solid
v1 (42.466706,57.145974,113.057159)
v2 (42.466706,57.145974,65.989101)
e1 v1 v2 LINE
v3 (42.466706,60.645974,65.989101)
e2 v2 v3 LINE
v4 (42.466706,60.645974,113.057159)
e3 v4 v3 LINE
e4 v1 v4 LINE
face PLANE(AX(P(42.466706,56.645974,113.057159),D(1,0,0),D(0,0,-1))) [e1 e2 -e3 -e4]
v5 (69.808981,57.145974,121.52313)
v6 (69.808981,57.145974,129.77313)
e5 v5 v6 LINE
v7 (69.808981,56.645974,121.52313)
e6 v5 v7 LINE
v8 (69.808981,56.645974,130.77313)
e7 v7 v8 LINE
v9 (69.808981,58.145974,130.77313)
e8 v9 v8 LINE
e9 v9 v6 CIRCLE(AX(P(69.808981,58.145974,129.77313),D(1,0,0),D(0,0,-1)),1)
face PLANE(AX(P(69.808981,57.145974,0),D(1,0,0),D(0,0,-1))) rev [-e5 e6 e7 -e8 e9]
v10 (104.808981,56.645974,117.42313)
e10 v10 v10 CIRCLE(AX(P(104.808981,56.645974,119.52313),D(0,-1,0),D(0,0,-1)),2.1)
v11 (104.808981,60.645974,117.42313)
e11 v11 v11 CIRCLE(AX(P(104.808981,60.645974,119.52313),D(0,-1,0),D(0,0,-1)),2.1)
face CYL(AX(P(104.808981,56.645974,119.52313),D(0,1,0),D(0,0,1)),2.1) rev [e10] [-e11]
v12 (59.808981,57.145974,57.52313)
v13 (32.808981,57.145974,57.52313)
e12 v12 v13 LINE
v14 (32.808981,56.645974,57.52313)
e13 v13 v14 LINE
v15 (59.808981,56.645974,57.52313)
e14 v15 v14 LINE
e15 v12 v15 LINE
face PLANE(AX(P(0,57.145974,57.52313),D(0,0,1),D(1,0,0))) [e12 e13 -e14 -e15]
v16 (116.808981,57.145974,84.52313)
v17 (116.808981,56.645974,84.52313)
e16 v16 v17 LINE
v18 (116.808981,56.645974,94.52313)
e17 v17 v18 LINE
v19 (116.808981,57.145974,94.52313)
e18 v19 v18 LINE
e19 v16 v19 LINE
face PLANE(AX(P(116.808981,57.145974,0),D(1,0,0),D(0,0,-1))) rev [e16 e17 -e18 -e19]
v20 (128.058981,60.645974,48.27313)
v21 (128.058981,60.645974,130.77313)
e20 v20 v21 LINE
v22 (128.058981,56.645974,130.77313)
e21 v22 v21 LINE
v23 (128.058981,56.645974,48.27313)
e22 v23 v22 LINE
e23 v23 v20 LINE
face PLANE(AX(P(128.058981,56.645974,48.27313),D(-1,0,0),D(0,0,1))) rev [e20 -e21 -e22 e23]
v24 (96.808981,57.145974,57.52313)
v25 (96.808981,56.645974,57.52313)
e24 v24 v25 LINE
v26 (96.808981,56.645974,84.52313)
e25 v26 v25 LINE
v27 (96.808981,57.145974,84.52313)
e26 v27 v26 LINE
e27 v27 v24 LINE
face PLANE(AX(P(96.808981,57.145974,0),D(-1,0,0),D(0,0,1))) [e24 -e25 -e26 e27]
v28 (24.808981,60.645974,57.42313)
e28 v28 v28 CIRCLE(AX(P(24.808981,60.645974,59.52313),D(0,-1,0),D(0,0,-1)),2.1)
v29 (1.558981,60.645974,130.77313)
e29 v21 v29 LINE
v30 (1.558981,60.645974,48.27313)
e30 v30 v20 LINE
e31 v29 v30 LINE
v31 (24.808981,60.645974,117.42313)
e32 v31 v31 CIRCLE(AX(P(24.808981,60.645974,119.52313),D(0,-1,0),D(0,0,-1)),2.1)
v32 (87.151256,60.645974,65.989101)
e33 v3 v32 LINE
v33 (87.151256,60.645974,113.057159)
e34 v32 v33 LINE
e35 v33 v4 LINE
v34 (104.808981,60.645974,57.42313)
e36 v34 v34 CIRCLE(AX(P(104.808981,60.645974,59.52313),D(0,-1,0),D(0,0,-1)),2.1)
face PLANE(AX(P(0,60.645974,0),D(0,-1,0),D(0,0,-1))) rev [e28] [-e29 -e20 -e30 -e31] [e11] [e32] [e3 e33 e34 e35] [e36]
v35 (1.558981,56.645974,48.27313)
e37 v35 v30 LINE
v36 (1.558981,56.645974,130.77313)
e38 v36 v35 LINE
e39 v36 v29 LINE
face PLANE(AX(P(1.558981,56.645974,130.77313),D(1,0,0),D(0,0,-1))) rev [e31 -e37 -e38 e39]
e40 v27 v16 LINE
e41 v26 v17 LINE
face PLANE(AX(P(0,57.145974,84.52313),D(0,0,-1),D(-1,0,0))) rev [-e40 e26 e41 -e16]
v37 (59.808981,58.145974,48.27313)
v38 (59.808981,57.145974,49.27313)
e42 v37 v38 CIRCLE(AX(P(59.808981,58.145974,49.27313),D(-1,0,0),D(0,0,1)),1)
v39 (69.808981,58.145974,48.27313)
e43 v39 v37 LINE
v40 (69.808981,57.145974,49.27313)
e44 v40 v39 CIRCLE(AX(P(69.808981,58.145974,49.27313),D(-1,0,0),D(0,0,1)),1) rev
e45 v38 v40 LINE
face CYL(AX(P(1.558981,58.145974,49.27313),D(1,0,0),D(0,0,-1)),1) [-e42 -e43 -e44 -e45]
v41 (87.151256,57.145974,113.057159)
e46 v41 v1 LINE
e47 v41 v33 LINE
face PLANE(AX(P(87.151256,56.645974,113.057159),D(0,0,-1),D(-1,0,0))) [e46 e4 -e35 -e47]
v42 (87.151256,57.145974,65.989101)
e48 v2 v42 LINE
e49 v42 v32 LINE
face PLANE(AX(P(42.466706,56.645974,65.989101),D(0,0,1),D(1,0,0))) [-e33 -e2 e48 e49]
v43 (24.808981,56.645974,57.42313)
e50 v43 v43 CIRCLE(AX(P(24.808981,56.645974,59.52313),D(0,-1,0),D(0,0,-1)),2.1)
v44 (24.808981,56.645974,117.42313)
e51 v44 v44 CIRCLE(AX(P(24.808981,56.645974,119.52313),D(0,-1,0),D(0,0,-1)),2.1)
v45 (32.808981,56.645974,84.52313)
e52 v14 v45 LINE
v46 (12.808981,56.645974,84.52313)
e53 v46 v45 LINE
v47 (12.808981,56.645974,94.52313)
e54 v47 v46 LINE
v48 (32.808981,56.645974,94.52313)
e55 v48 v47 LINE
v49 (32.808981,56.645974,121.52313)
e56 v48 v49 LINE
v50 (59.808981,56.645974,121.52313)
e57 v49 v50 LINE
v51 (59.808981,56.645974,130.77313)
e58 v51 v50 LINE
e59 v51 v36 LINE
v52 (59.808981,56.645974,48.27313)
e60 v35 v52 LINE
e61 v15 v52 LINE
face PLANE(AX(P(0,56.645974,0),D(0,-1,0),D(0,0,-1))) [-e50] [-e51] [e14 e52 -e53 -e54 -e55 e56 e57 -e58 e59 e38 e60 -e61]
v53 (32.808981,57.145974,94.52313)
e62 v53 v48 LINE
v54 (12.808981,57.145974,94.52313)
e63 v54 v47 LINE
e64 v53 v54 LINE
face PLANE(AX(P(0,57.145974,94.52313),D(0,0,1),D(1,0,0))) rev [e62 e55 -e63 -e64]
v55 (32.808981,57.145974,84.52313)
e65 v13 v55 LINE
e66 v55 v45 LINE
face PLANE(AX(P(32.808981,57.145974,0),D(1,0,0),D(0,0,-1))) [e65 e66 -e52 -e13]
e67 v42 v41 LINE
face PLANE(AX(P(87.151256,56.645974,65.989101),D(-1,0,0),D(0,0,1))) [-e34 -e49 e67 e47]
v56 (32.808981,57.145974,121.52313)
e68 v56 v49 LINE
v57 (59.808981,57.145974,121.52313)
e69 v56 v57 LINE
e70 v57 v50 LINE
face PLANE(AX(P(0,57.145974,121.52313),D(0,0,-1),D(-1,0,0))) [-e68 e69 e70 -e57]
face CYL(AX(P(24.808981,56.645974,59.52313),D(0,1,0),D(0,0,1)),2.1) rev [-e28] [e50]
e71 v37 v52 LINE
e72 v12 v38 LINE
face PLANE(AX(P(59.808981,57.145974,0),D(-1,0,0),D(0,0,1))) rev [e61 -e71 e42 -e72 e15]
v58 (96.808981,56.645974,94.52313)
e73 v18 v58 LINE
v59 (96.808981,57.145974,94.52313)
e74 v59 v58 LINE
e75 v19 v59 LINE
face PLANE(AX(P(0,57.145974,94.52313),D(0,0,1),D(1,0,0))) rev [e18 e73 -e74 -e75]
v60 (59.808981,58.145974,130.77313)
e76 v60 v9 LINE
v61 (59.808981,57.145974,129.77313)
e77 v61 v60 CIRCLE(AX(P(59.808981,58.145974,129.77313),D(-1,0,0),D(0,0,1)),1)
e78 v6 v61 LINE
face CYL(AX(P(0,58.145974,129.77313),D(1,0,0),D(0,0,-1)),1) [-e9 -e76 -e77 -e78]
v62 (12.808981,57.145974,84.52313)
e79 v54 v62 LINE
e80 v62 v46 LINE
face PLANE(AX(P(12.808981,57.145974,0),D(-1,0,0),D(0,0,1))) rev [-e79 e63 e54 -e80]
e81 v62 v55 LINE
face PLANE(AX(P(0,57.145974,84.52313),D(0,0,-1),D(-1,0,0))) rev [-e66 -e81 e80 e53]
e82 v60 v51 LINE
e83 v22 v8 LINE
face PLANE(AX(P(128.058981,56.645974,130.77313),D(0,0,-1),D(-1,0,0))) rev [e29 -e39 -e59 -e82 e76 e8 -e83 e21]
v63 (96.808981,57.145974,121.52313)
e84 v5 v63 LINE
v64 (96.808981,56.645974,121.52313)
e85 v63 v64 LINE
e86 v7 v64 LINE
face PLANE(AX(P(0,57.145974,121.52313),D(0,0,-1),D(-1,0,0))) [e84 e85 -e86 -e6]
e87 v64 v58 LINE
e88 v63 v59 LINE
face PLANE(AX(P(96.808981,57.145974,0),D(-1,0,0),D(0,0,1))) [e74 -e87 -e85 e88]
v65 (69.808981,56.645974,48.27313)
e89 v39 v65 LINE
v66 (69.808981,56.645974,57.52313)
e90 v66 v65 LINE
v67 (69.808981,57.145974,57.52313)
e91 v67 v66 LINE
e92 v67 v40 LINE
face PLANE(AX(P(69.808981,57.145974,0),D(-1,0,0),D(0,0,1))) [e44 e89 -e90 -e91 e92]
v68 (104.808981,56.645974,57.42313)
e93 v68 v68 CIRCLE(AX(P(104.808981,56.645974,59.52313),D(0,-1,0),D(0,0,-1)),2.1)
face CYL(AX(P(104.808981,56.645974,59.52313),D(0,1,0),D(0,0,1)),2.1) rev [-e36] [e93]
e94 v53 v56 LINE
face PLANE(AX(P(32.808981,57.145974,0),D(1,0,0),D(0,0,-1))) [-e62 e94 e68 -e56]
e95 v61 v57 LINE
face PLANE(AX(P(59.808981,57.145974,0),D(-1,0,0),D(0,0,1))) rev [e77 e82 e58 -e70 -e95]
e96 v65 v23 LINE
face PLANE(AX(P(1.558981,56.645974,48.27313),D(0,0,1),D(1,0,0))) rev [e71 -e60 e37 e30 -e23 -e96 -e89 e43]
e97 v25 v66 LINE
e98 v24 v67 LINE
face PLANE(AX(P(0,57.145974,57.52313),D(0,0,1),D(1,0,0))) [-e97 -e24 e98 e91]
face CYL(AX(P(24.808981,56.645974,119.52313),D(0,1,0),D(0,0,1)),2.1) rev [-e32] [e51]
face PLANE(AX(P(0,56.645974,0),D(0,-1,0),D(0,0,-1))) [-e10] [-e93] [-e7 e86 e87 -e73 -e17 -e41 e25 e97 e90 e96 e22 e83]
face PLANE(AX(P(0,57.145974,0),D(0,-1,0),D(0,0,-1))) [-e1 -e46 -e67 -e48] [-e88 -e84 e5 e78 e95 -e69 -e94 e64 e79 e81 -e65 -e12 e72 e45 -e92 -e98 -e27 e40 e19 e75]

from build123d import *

# Parameters (mm, degrees)
SKETCH_1_W          = 126.5
SKETCH_1_H          = 82.5
SKETCH_1_R          = 2.1
SKETCH_1_W_2        = 44.684550296
SKETCH_1_H_2        = 47.068057481
EXTRUDE_1_DEPTH     = 4
CUT_EXTRUDE_1_DEPTH = 0.5
FILLET_1_R          = 1


with BuildPart() as part:
    # Эскиз1 → Бобышка-Вытянуть1 (new body)
    with BuildSketch(Plane(origin=(0, 60.645974268, 0), x_dir=(-1, 0, 0), z_dir=(0, -1, 0))):
        with Locations((-64.808980694, -89.523129836)):
            Rectangle(SKETCH_1_W, SKETCH_1_H)
        with Locations(Location((-24.808980694, -59.523129836, 0), (0, 0, 90))):
            Circle(SKETCH_1_R, mode=Mode.SUBTRACT)
        with Locations(Location((-104.808980694, -59.523129836, 0), (0, 0, 90))):
            Circle(SKETCH_1_R, mode=Mode.SUBTRACT)
        with Locations(Location((-24.808980694, -119.523129836, 0), (0, 0, 90))):
            Circle(SKETCH_1_R, mode=Mode.SUBTRACT)
        with Locations(Location((-104.808980694, -119.523129836, 0), (0, 0, 90))):
            Circle(SKETCH_1_R, mode=Mode.SUBTRACT)
        with Locations((-64.808980694, -89.523129837)):
            Rectangle(SKETCH_1_W_2, SKETCH_1_H_2, mode=Mode.SUBTRACT)
    extrude(amount=EXTRUDE_1_DEPTH)

    # Эскиз3 → Вырез-Вытянуть1 (cut)
    with BuildSketch(Plane(origin=(0, 56.645974268, 0), x_dir=(-1, 0, 0), z_dir=(0, -1, 0))):
        Polygon((-59.808980694, -57.523129836), (-32.808980694, -57.523129836), (-32.808980694, -84.523129836), (-12.808980694, -84.523129836), (-12.808980694, -94.523129836), (-32.808980694, -94.523129836), (-32.808980694, -121.523129836), (-59.808980694, -121.523129836), (-59.808980694, -130.773129836), (-69.808980694, -130.773129836), (-69.808980694, -121.523129836), (-96.808980694, -121.523129836), (-96.808980694, -94.523129836), (-116.808980694, -94.523129836), (-116.808980694, -84.523129836), (-96.808980694, -84.523129836), (-96.808980694, -57.523129836), (-69.808980694, -57.523129836), (-69.808980694, -48.273129836), (-59.808980694, -48.273129836), align=None)
    extrude(amount=-CUT_EXTRUDE_1_DEPTH, mode=Mode.SUBTRACT)

    # Скругление1
    fillet_1_edges = [part.edges().sort_by_distance(p)[0] for p in [
        (64.808980694, 57.145974268, 130.773129836),
        (64.808980694, 57.145974268, 48.273129836),
    ]]
    fillet(fillet_1_edges, radius=FILLET_1_R)


solid = part.part
